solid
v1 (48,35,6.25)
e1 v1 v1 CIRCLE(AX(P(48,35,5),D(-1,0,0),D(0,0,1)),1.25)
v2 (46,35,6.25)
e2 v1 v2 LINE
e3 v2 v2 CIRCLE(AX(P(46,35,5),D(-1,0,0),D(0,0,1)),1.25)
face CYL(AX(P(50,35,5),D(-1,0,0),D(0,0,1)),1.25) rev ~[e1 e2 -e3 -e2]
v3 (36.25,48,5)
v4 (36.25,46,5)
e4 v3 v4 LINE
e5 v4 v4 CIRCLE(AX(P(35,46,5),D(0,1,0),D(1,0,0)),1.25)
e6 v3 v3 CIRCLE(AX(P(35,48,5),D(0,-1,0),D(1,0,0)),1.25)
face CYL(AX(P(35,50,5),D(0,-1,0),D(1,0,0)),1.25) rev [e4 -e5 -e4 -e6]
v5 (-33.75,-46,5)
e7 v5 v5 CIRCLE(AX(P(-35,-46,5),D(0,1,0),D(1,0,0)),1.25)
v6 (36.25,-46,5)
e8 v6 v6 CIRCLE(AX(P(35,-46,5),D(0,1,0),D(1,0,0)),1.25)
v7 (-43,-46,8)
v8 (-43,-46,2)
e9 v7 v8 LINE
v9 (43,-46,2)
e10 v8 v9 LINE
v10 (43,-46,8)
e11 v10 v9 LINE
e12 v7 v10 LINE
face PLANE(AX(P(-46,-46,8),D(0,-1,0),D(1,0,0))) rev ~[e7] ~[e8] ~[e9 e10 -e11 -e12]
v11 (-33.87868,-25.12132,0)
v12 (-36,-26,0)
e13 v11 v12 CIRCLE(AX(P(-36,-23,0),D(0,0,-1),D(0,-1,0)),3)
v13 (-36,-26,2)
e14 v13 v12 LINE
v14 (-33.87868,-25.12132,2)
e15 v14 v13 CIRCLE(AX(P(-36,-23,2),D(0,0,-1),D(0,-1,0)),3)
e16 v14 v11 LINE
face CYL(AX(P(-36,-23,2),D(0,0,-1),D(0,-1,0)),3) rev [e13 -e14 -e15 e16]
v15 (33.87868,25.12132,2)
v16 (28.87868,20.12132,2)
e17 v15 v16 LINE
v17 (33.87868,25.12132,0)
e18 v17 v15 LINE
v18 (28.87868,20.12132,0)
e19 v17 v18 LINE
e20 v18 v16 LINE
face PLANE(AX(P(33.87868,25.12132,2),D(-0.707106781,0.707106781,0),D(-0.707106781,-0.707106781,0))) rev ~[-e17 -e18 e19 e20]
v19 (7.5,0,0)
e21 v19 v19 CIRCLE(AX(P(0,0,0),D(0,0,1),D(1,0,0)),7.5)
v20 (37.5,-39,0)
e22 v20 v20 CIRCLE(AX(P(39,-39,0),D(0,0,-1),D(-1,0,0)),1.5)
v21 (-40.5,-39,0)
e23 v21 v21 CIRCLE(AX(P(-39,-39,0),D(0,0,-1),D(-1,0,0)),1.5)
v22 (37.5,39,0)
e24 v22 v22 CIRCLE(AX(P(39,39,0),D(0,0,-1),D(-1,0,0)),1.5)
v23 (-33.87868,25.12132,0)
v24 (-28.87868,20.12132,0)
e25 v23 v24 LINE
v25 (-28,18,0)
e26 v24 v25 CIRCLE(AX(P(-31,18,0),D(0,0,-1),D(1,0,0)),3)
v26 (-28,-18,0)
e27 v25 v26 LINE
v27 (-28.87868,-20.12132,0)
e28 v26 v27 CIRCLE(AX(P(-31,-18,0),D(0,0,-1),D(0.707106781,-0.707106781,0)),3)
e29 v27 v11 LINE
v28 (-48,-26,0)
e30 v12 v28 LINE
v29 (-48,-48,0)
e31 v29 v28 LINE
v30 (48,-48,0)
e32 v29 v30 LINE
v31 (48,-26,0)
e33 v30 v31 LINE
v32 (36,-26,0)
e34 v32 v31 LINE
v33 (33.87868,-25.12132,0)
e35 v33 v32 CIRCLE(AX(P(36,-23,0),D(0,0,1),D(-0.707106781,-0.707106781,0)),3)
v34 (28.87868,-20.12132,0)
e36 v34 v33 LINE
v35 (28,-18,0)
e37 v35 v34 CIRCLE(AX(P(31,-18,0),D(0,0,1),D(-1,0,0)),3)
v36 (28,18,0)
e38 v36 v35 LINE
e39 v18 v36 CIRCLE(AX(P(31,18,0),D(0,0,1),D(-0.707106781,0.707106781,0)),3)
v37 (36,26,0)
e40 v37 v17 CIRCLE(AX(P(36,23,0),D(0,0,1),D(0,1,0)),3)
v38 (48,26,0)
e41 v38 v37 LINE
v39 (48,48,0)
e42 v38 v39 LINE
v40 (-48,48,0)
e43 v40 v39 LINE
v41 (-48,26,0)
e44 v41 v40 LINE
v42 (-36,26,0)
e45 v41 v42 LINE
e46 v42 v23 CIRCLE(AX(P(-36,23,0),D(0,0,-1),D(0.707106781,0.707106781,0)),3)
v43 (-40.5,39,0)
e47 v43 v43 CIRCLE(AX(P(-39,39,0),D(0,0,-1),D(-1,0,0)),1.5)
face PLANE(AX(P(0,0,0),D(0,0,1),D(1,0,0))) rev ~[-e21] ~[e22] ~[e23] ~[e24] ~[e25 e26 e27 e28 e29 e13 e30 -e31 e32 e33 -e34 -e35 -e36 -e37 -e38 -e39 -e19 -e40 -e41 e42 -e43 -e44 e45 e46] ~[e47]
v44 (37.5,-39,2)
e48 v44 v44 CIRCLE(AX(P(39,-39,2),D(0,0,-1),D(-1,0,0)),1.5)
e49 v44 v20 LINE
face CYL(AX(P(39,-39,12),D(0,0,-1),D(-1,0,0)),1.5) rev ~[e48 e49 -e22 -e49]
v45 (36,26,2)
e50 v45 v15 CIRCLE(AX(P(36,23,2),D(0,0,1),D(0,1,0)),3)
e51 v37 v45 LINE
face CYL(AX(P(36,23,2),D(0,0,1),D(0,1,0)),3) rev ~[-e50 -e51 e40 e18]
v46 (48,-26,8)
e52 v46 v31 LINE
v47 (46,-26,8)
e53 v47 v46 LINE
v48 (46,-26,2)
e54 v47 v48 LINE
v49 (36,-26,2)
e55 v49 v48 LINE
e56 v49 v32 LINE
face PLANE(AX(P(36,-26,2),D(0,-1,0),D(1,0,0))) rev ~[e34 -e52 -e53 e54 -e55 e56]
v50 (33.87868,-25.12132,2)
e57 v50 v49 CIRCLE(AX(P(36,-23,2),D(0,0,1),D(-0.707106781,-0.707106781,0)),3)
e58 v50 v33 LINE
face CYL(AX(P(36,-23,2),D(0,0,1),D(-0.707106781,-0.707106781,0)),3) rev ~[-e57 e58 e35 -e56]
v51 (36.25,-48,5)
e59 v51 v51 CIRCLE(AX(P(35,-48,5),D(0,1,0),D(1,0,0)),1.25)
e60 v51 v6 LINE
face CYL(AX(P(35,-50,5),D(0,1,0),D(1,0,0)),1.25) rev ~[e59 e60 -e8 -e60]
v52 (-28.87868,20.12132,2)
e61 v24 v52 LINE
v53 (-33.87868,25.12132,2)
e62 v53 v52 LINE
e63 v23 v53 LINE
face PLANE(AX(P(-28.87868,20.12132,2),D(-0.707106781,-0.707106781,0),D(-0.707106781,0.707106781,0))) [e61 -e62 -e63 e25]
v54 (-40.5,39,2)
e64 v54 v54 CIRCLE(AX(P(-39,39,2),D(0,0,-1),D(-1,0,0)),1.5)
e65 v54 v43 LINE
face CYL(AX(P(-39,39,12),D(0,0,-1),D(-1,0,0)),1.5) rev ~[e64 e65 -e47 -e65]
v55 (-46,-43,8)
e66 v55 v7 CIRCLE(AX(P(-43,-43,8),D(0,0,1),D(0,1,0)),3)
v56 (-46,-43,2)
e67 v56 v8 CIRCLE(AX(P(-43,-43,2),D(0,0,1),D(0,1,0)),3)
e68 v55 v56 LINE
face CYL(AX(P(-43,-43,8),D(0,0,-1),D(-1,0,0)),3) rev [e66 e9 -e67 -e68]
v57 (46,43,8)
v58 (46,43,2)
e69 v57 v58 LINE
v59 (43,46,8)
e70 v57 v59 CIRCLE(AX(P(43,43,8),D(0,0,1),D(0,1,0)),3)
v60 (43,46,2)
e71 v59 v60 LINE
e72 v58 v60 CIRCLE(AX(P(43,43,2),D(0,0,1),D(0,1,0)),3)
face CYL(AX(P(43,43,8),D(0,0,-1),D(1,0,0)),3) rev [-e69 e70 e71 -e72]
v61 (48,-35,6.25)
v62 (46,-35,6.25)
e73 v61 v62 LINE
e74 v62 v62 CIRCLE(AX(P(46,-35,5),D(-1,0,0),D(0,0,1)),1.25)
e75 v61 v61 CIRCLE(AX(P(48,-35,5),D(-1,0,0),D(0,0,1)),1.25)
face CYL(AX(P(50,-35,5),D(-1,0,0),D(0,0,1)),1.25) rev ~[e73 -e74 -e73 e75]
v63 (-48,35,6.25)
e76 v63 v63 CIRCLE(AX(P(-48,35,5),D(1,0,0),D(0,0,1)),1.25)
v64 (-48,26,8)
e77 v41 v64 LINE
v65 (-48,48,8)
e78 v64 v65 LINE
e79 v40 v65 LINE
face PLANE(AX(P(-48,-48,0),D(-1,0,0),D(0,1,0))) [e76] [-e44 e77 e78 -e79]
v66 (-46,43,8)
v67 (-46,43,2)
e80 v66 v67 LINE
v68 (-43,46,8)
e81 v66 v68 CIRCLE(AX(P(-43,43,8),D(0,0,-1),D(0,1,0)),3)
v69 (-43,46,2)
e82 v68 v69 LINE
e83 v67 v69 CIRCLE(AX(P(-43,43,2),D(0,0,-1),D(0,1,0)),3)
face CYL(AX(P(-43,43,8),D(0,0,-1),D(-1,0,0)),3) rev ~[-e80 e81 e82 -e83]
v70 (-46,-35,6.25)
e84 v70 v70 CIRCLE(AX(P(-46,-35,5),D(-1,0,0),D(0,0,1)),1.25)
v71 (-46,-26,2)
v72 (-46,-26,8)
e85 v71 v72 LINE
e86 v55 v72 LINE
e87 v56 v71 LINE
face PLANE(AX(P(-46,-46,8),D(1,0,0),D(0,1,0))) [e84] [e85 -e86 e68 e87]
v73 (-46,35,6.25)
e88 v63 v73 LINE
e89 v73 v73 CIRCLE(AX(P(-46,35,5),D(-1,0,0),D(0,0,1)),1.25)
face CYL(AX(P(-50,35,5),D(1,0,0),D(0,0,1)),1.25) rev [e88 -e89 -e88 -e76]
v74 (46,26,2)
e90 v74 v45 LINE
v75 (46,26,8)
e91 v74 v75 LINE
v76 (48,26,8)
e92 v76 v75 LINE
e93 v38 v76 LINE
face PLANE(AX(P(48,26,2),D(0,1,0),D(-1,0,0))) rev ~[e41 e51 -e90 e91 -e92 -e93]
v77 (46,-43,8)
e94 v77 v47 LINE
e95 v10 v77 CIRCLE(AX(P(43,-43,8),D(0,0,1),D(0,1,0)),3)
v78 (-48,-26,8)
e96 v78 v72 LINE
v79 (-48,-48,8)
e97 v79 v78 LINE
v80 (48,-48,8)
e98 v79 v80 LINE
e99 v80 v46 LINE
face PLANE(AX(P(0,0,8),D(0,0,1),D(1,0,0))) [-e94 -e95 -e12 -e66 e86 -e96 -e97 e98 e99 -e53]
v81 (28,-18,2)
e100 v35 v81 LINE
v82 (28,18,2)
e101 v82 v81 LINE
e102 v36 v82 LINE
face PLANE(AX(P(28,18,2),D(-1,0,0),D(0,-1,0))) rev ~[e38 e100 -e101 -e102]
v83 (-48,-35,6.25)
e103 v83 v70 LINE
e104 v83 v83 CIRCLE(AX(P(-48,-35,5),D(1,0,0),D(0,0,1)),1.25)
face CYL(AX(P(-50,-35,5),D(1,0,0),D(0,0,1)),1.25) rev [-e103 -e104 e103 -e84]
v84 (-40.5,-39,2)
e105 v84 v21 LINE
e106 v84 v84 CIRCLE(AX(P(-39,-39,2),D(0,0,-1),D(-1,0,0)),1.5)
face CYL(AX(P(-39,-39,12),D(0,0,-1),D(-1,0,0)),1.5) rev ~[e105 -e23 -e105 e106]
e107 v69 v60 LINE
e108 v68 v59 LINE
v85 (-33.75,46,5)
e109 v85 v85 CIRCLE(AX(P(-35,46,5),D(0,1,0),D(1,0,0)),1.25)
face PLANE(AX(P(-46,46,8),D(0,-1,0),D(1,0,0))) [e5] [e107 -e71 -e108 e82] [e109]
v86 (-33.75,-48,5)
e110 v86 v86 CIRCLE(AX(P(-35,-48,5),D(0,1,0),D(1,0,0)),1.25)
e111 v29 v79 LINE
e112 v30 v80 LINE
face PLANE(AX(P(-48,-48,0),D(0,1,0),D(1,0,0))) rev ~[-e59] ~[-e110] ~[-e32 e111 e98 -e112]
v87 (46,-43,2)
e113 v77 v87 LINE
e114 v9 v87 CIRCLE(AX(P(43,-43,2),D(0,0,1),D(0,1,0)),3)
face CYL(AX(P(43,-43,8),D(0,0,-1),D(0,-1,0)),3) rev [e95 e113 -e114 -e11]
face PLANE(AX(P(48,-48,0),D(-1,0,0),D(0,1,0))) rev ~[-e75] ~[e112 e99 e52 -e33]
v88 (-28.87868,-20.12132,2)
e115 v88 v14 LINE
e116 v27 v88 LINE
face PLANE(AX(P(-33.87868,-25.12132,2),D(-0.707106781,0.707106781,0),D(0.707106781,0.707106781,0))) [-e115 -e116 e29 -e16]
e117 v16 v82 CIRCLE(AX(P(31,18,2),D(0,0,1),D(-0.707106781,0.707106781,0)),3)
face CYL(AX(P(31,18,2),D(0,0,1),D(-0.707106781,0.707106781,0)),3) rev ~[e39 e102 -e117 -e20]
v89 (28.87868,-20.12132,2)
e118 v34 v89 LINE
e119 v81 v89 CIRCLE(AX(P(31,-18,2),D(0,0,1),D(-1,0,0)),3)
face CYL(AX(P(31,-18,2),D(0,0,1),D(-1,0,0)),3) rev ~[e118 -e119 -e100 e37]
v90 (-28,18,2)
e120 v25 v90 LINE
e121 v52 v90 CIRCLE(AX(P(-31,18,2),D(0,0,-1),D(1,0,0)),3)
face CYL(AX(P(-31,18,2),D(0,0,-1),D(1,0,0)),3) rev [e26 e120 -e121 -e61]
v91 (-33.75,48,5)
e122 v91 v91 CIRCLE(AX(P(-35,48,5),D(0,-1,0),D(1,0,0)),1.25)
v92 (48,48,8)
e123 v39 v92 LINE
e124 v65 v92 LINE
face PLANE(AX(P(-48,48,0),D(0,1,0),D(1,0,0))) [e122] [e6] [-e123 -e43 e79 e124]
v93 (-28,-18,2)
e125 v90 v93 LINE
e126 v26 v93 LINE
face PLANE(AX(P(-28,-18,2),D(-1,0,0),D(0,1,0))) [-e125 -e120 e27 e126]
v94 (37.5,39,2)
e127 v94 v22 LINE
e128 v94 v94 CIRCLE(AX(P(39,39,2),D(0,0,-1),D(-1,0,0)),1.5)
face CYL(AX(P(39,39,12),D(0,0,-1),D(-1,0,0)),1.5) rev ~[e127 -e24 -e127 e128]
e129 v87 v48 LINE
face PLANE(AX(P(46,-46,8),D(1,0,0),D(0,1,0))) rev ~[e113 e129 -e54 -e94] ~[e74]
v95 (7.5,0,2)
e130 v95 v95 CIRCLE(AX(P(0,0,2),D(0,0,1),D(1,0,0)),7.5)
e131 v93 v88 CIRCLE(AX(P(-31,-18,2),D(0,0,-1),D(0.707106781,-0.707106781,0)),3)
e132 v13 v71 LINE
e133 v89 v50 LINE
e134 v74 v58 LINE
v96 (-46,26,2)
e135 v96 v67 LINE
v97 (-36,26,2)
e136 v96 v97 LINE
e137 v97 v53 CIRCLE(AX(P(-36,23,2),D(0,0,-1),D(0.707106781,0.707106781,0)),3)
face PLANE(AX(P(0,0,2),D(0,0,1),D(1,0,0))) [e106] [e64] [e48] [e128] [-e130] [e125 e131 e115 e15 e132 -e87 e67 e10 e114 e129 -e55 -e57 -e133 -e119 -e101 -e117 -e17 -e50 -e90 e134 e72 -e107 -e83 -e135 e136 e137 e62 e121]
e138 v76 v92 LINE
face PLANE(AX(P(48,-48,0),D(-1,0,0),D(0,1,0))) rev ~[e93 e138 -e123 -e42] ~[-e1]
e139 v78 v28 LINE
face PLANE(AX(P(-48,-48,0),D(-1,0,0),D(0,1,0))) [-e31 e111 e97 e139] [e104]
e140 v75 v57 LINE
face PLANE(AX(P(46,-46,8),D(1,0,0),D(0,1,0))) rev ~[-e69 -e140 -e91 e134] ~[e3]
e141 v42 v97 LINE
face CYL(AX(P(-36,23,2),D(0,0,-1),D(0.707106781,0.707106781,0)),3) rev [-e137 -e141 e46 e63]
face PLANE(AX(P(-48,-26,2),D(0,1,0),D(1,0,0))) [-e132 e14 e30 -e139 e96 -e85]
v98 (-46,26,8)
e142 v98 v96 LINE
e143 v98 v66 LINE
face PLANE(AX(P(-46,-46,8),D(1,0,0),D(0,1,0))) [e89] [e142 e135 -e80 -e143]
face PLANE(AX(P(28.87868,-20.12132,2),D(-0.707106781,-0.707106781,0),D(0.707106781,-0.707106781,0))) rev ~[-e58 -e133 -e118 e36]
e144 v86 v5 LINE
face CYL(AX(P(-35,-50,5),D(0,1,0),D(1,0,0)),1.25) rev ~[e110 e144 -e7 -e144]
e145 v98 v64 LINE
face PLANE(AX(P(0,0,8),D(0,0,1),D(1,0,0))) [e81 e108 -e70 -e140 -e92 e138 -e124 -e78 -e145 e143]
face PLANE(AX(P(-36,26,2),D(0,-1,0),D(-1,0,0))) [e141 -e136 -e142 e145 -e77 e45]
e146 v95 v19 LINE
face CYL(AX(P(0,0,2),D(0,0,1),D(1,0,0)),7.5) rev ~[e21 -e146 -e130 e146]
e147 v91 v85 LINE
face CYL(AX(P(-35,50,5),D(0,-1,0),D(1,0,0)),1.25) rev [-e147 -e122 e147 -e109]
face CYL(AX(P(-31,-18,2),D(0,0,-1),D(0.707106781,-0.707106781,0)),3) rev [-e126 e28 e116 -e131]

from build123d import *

# Parameters (mm, degrees)
SKETCH1_W                       = 96
SKETCH1_H                       = 96
BOSS_EXTRUDE1_DEPTH             = 8
SKETCH2_W                       = 92
SKETCH2_H                       = 92
COMPONENT_PLATFORM_DEPTH        = 6
CABLE_SLOTS_DEPTH               = 6
SKETCH4_R                       = 7.5
CENTER_MASS_CUT_DEPTH           = 6
INNER_CORNER_FILLETS_R          = 3
TAP_DRILL_FOR_M3X0_5_TAP1_D     = 2.5
TAP_DRILL_FOR_M3X0_5_TAP1_DEPTH = 2
TAP_DRILL_FOR_M3X0_5_TAP2_D     = 2.5
TAP_DRILL_FOR_M3X0_5_TAP2_DEPTH = 2
F_3_0MM_DOWEL_HOLE3_D           = 3
F_3_0MM_DOWEL_HOLE3_DEPTH       = 10
F_3_0MM_DOWEL_HOLE3_TIP         = 0.901290929


with BuildPart() as part:
    # Sketch1 → Boss-Extrude1 (new body)
    with BuildSketch(Plane.XY):
        Rectangle(SKETCH1_W, SKETCH1_H)
    extrude(amount=BOSS_EXTRUDE1_DEPTH)

    # Sketch2 → Component Platform (cut)
    with BuildSketch(Plane.XY.offset(8)):
        Rectangle(SKETCH2_W, SKETCH2_H)
    extrude(amount=-COMPONENT_PLATFORM_DEPTH, mode=Mode.SUBTRACT)

    # Sketch3 → Cable Slots (cut, symmetric)
    with BuildSketch(Plane.XY.offset(2)):
        with BuildLine():
            Line((-33.878679656, -25.121320344), (-28.878679656, -20.121320344))
            ThreePointArc((-28.878679656, -20.121320344), (-28.228361402, -19.148050297), (-28, -18))
            Line((-28, -18), (-28, 18))
            ThreePointArc((-28, 18), (-28.228361402, 19.148050297), (-28.878679656, 20.121320344))
            Line((-28.878679656, 20.121320344), (-33.878679656, 25.121320344))
            ThreePointArc((-33.878679656, 25.121320344), (-34.851949703, 25.771638598), (-36, 26))
            Line((-36, 26), (-48, 26))
            Line((-48, 26), (-48, -26))
            Line((-48, -26), (-36, -26))
            ThreePointArc((-36, -26), (-34.851949703, -25.771638598), (-33.878679656, -25.121320344))
        make_face()
        with BuildLine():
            Line((48, -26), (48, 26))
            Line((48, 26), (36, 26))
            ThreePointArc((36, 26), (34.851949703, 25.771638598), (33.878679656, 25.121320344))
            Line((33.878679656, 25.121320344), (28.878679656, 20.121320344))
            ThreePointArc((28.878679656, 20.121320344), (28.228361402, 19.148050297), (28, 18))
            Line((28, 18), (28, -18))
            ThreePointArc((28, -18), (28.228361402, -19.148050297), (28.878679656, -20.121320344))
            Line((28.878679656, -20.121320344), (33.878679656, -25.121320344))
            ThreePointArc((33.878679656, -25.121320344), (34.851949703, -25.771638598), (36, -26))
            Line((36, -26), (48, -26))
        make_face()
    extrude(amount=CABLE_SLOTS_DEPTH, both=True, mode=Mode.SUBTRACT)

    # Sketch4 → Center Mass Cut (cut)
    with BuildSketch(Plane.XY.offset(2)):
        Circle(SKETCH4_R)
    extrude(amount=-CENTER_MASS_CUT_DEPTH, mode=Mode.SUBTRACT)

    # Inner Corner Fillets
    inner_corner_fillets_edges = [part.edges().sort_by_distance(p)[0] for p in [
        (-46, -46, 5),
        (-46, 46, 5),
        (46, 46, 5),
        (46, -46, 5),
    ]]
    fillet(inner_corner_fillets_edges, radius=INNER_CORNER_FILLETS_R)

    # Tap Drill for M3x0.5 Tap1
    with Locations(Plane(origin=(0, -48, 0), x_dir=(-1, 0, 0), z_dir=(0, -1, 0))):
        with Locations((35, -5), (-35, -5)):
            tap_drill_for_m3x0_5_tap1 = Hole(TAP_DRILL_FOR_M3X0_5_TAP1_D / 2, depth=TAP_DRILL_FOR_M3X0_5_TAP1_DEPTH)

    # Tap Drill for M3x0.5 Tap2
    with Locations(Plane(origin=(48, 0, 0), x_dir=(0, 0, -1), z_dir=(1, 0, 0))):
        with Locations((-5, -35), (-5, 35)):
            tap_drill_for_m3x0_5_tap2 = Hole(TAP_DRILL_FOR_M3X0_5_TAP2_D / 2, depth=TAP_DRILL_FOR_M3X0_5_TAP2_DEPTH)

    # Mirror1: Tap Drill for M3x0.5 Tap1 across plane
    add(tap_drill_for_m3x0_5_tap1.mirror(Plane(origin=(0, 0, 0), x_dir=(0, 0, 1), z_dir=(0, -1, 0))), mode=Mode.SUBTRACT)

    # Mirror2: Tap Drill for M3x0.5 Tap2 across plane
    add(tap_drill_for_m3x0_5_tap2.mirror(Plane(origin=(0, 0, 0), x_dir=(0, 0, 1), z_dir=(1, 0, 0))), mode=Mode.SUBTRACT)

    # Ø3.0mm Dowel Hole3
    with Locations(Plane.XY.offset(2)):
        with Locations((-39, -39), (39, -39), (39, 39), (-39, 39)):
            Hole(F_3_0MM_DOWEL_HOLE3_D / 2, depth=F_3_0MM_DOWEL_HOLE3_DEPTH)
            with Locations((0, 0, -(F_3_0MM_DOWEL_HOLE3_DEPTH + F_3_0MM_DOWEL_HOLE3_TIP / 2))):  # 118° drill point
                Cone(0, F_3_0MM_DOWEL_HOLE3_D / 2, F_3_0MM_DOWEL_HOLE3_TIP, mode=Mode.SUBTRACT)


solid = part.part
